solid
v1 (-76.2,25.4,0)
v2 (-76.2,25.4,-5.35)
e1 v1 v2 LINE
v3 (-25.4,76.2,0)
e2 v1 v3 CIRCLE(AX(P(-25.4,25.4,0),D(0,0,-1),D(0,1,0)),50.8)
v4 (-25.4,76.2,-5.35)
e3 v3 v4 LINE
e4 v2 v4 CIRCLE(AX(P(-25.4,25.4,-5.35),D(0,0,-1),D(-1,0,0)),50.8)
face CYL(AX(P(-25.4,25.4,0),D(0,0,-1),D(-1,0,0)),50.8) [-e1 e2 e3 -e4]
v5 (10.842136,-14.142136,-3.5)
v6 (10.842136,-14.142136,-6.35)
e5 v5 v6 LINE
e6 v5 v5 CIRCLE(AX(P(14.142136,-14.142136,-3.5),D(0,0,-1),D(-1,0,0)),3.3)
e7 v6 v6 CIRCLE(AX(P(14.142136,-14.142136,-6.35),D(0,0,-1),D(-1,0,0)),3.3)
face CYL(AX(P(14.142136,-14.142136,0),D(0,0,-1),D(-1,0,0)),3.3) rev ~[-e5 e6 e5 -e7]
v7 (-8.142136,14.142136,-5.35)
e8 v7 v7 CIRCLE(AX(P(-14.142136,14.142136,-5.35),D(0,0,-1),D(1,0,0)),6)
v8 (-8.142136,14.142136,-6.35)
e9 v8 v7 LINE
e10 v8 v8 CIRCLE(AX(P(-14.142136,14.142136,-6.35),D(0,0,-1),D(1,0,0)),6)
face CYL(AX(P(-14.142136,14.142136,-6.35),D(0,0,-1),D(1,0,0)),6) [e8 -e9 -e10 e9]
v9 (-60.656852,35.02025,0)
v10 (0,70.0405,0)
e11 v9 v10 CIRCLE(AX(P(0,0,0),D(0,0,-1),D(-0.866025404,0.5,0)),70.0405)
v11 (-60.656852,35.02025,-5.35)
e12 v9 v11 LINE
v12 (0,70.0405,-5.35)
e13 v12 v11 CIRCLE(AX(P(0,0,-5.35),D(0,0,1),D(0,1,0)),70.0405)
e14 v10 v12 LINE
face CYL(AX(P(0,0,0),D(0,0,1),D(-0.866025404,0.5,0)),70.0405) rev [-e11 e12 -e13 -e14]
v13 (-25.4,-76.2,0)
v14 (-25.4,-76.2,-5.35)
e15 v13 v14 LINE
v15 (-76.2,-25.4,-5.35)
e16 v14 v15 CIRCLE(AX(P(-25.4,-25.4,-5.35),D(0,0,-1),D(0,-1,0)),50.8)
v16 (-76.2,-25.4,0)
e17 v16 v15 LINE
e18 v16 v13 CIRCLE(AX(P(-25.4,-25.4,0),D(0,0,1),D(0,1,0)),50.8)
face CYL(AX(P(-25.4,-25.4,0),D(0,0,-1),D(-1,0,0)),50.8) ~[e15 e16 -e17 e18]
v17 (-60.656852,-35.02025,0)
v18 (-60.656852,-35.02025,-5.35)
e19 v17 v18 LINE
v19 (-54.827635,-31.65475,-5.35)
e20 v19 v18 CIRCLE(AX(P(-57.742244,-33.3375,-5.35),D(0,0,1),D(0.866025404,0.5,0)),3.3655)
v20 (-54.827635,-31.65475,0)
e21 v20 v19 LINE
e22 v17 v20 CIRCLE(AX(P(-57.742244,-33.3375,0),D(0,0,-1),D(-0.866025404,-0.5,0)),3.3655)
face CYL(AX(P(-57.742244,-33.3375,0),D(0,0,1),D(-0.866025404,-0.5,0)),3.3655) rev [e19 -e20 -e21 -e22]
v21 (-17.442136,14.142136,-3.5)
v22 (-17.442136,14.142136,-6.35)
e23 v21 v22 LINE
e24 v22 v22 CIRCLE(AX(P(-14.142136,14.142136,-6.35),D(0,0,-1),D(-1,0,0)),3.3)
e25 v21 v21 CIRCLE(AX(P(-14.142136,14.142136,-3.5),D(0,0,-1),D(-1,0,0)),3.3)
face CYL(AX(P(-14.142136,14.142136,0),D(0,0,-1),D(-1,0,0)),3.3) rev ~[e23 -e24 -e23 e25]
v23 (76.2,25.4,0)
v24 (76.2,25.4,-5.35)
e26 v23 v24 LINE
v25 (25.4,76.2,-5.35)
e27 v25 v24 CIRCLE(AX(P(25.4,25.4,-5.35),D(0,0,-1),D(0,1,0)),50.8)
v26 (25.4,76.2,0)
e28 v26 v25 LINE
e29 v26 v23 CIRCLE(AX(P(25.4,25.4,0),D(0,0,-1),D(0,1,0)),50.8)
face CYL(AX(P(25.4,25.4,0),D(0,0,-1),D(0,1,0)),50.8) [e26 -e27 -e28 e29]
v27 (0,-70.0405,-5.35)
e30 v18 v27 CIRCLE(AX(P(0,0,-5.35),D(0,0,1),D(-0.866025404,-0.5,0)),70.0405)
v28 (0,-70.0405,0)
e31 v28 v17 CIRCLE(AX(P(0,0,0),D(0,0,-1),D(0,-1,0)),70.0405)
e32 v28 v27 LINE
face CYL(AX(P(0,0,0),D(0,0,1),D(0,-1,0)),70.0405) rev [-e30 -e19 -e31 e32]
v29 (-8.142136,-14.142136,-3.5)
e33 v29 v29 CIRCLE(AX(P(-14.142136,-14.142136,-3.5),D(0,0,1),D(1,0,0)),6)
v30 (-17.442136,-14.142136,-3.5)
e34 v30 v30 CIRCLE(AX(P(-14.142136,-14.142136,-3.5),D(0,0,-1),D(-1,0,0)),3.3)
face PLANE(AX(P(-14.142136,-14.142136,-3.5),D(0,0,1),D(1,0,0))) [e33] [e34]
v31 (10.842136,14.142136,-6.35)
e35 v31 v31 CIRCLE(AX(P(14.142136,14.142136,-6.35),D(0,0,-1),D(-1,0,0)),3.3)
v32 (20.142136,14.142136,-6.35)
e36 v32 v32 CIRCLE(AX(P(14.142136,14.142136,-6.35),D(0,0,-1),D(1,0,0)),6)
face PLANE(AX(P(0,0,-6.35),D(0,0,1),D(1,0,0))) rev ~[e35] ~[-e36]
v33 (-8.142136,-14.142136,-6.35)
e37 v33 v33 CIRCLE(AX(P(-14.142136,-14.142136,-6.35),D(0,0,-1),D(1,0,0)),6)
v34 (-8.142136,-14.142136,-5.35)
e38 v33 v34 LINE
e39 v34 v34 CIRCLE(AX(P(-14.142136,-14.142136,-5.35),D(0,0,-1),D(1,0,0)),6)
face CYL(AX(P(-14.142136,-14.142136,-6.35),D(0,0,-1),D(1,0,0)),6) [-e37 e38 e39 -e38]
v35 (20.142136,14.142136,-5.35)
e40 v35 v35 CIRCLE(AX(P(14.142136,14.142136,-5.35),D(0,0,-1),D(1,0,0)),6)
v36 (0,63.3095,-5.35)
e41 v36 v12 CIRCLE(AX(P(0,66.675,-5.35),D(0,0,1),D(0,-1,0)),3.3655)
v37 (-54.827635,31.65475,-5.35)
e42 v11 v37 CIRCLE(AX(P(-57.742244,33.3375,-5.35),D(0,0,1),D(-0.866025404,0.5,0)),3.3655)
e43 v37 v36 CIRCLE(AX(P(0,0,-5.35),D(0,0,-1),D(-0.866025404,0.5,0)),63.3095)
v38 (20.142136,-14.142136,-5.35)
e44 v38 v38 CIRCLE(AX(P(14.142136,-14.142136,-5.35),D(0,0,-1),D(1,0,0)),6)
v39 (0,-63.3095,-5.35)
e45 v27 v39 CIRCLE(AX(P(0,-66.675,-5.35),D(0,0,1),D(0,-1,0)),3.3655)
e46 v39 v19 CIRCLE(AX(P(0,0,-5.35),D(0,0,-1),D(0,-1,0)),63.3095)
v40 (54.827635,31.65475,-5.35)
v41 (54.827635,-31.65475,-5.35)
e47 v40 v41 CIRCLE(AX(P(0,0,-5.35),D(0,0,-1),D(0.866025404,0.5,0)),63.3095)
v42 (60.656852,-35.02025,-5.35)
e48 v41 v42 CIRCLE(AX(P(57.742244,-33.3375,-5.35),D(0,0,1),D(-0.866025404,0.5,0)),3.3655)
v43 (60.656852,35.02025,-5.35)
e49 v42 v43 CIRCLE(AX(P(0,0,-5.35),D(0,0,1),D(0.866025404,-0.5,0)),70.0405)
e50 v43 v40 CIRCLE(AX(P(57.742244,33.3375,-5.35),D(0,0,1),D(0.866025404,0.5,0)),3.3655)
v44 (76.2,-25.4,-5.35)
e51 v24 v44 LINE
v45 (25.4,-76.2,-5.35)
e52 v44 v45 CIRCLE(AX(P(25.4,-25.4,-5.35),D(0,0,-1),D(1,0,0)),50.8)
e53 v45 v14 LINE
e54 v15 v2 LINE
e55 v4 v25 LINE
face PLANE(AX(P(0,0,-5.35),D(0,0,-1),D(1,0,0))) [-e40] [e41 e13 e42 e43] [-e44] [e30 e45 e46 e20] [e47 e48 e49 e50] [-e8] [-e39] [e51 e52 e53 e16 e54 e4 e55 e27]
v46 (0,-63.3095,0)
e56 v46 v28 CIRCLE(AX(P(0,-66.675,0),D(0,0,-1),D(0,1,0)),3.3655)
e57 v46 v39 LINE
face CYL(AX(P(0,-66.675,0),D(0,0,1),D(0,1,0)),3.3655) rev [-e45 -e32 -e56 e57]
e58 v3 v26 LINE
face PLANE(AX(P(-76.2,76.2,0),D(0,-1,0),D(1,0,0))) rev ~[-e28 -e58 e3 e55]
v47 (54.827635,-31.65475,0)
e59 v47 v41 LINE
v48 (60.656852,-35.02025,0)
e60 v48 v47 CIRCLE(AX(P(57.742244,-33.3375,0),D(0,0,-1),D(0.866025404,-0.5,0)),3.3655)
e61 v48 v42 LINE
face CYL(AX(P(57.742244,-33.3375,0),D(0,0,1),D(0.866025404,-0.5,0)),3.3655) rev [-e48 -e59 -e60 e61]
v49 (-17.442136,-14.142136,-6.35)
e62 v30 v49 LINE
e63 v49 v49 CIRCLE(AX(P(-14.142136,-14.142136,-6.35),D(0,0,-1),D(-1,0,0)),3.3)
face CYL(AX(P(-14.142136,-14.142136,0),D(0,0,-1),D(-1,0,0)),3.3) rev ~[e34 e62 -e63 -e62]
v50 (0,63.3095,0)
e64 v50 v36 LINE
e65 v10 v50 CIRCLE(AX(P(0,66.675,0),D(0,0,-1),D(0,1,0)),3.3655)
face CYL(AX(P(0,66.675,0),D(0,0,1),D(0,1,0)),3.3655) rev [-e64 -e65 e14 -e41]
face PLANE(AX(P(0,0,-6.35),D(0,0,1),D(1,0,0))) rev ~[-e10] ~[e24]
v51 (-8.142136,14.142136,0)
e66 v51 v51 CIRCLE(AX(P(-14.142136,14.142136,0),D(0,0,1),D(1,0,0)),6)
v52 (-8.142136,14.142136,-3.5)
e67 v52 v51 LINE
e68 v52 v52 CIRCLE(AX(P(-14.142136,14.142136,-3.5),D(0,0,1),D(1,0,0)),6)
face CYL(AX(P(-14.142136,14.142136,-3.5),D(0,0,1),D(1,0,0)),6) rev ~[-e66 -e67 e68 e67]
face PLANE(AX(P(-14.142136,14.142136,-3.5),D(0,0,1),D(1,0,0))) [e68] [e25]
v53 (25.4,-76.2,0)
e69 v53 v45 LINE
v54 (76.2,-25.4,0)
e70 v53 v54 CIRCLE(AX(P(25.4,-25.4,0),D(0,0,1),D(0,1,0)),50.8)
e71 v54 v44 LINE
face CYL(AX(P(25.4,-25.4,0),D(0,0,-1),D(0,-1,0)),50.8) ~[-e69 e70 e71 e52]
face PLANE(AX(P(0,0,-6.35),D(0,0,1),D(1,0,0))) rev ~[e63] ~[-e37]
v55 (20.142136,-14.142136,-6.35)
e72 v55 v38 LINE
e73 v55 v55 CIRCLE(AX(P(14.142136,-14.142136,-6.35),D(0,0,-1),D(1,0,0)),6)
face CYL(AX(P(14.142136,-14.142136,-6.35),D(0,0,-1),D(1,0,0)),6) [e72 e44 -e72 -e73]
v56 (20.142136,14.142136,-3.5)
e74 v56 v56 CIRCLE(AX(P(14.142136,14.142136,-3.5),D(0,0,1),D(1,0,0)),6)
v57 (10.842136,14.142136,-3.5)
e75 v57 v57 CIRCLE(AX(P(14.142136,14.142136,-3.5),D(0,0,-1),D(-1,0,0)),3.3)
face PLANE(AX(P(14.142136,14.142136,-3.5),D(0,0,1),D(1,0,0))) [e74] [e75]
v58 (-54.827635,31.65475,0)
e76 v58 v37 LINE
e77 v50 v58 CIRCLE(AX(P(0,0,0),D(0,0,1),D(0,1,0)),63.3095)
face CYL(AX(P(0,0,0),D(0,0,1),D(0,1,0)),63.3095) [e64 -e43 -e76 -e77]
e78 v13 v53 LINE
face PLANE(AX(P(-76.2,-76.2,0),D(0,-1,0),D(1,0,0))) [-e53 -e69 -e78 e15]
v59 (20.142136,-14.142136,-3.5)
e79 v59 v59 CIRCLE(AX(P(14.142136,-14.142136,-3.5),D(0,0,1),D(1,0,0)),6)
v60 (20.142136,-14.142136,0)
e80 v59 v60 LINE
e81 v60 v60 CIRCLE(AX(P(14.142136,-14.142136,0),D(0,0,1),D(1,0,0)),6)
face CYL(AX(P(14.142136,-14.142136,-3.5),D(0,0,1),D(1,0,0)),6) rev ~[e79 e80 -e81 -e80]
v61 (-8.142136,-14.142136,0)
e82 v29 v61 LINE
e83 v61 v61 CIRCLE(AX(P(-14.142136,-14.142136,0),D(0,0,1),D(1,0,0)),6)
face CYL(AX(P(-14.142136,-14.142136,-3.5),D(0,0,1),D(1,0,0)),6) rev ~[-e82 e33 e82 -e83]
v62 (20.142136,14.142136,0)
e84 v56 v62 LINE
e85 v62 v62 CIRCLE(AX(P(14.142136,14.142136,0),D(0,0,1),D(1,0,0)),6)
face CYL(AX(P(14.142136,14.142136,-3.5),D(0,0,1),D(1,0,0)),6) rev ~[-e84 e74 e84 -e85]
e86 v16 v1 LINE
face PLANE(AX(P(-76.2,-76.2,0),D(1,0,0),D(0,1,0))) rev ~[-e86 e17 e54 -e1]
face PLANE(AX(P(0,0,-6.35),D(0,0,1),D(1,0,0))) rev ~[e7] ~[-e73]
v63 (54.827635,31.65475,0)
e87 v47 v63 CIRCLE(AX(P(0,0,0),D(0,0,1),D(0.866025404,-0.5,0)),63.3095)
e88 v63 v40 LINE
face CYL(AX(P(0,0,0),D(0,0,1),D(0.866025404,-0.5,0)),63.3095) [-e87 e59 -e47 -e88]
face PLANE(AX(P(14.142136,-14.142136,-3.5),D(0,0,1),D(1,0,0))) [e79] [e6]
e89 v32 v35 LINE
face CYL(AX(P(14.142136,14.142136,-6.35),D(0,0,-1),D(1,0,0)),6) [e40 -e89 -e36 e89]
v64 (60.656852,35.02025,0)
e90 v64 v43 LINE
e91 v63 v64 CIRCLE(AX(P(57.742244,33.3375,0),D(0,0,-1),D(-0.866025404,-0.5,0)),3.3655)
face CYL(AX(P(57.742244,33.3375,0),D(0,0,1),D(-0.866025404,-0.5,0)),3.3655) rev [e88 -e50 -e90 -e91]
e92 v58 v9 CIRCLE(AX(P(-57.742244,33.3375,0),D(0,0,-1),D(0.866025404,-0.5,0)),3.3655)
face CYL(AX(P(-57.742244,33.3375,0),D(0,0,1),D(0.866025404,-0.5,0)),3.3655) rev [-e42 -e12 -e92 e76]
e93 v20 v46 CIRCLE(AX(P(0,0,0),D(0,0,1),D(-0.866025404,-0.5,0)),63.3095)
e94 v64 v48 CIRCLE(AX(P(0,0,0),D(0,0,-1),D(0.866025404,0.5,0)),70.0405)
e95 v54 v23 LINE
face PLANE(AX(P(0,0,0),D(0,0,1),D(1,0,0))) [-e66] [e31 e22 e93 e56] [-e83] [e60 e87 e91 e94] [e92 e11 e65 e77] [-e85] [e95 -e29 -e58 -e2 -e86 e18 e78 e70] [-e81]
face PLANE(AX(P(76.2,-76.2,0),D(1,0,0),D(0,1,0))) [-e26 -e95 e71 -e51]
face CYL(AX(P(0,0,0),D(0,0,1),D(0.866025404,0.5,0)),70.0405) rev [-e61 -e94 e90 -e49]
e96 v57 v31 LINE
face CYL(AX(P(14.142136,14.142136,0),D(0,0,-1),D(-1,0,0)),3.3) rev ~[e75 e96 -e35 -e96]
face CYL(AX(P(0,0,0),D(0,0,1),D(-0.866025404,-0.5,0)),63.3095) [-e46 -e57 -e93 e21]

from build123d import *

# Parameters (mm, degrees)
F0_W           = 152.4
F0_H           = 152.4
F0_W_2         = 28.2842712475
F0_H_2         = 28.2842712475
F1_DEPTH       = 6.35
F2_D           = 6.6
F2_CBORE_D     = 12
F2_CBORE_DEPTH = 3.5
F3_R           = 50.8
F4_R           = 6
F5_DEPTH       = 1


with BuildPart() as f1:
    # F0 (on Top) → F1 (new body)
    with BuildSketch(Plane.XY):
        Rectangle(F0_W, F0_H)
        with BuildLine():
            ThreePointArc((0, -63.3095), (3.3655, -66.675), (0, -70.0405))
            ThreePointArc((0, -70.0405), (-35.02025, -60.6568522938), (-60.6568522938, -35.02025))
            ThreePointArc((-60.6568522938, -35.02025), (-59.4249937973, -30.4228915036), (-54.8276353009, -31.65475))
            ThreePointArc((-54.8276353009, -31.65475), (-31.65475, -54.8276353009), (0, -63.3095))
        make_face(mode=Mode.SUBTRACT)
        with BuildLine():
            ThreePointArc((-54.8276353009, 31.65475), (-59.4249937973, 30.4228915036), (-60.6568522938, 35.02025))
            ThreePointArc((-60.6568522938, 35.02025), (-35.02025, 60.6568522938), (0, 70.0405))
            ThreePointArc((0, 70.0405), (3.3655, 66.675), (0, 63.3095))
            ThreePointArc((0, 63.3095), (-31.65475, 54.8276353009), (-54.8276353009, 31.65475))
        make_face(mode=Mode.SUBTRACT)
        Rectangle(F0_W_2, F0_H_2, mode=Mode.SUBTRACT)
        with BuildLine():
            ThreePointArc((54.8276353009, 31.65475), (56.0594937973, 36.2521084964), (60.6568522938, 35.02025))
            ThreePointArc((60.6568522938, 35.02025), (70.0405, 0), (60.6568522938, -35.02025))
            ThreePointArc((60.6568522938, -35.02025), (56.0594937973, -36.2521084964), (54.8276353009, -31.65475))
            ThreePointArc((54.8276353009, -31.65475), (63.3095, 0), (54.8276353009, 31.65475))
        make_face(mode=Mode.SUBTRACT)
        Rectangle(F0_W_2, F0_H_2)
    extrude(amount=-F1_DEPTH)

    # F2 (through all)
    with Locations(Plane.XY):
        with Locations((14.1421356237, 14.1421356237), (14.1421356237, -14.1421356237), (-14.1421356237, -14.1421356237), (-14.1421356237, 14.1421356237)):
            CounterBoreHole(F2_D / 2, F2_CBORE_D / 2, F2_CBORE_DEPTH)

    # F3
    f3_edges = [f1.edges().sort_by_distance(p)[0] for p in [
        (76.2, -76.2, -3.175),
        (-76.2, -76.2, -3.175),
        (76.2, 76.2, -3.175),
        (-76.2, 76.2, -3.175),
    ]]
    fillet(f3_edges, radius=F3_R)

    # F4 (on face) → F5 (cut)
    with BuildSketch(Plane(origin=(0, 0, -6.35), x_dir=(1, 0, 0), z_dir=(0, 0, -1))):
        with BuildLine():
            ThreePointArc((-76.2, -25.4), (-61.3210244843, -61.3210244843), (-25.4, -76.2))
            Line((-25.4, -76.2), (25.4, -76.2))
            ThreePointArc((25.4, -76.2), (61.3210244843, -61.3210244843), (76.2, -25.4))
            Line((76.2, -25.4), (76.2, 25.4))
            ThreePointArc((76.2, 25.4), (61.3210244843, 61.3210244843), (25.4, 76.2))
            Line((25.4, 76.2), (-25.4, 76.2))
            ThreePointArc((-25.4, 76.2), (-61.3210244843, 61.3210244843), (-76.2, 25.4))
            Line((-76.2, 25.4), (-76.2, -25.4))
        make_face()
        with BuildLine():
            ThreePointArc((-54.8276353009, -31.65475), (-31.65475, -54.8276353009), (0, -63.3095))
            ThreePointArc((0, -63.3095), (3.3655, -66.675), (0, -70.0405))
            ThreePointArc((0, -70.0405), (-35.02025, -60.6568522938), (-60.6568522938, -35.02025))
            ThreePointArc((-60.6568522938, -35.02025), (-59.4249937973, -30.4228915036), (-54.8276353009, -31.65475))
        make_face(mode=Mode.SUBTRACT)
        with Locations((-14.1421356237, -14.1421356237)):
            Circle(F4_R, mode=Mode.SUBTRACT)
        with Locations((14.1421356237, -14.1421356237)):
            Circle(F4_R, mode=Mode.SUBTRACT)
        with BuildLine():
            ThreePointArc((60.6568522938, -35.02025), (56.0594937973, -36.2521084964), (54.8276353009, -31.65475))
            ThreePointArc((54.8276353009, -31.65475), (63.3095, 0), (54.8276353009, 31.65475))
            ThreePointArc((54.8276353009, 31.65475), (56.0594937973, 36.2521084964), (60.6568522938, 35.02025))
            ThreePointArc((60.6568522938, 35.02025), (70.0405, 0), (60.6568522938, -35.02025))
        make_face(mode=Mode.SUBTRACT)
        with Locations((-14.1421356237, 14.1421356237)):
            Circle(F4_R, mode=Mode.SUBTRACT)
        with BuildLine():
            ThreePointArc((-54.8276353009, 31.65475), (-59.4249937973, 30.4228915036), (-60.6568522938, 35.02025))
            ThreePointArc((-60.6568522938, 35.02025), (-35.02025, 60.6568522938), (0, 70.0405))
            ThreePointArc((0, 70.0405), (3.3655, 66.675), (0, 63.3095))
            ThreePointArc((0, 63.3095), (-31.65475, 54.8276353009), (-54.8276353009, 31.65475))
        make_face(mode=Mode.SUBTRACT)
        with Locations((14.1421356237, 14.1421356237)):
            Circle(F4_R, mode=Mode.SUBTRACT)
    extrude(amount=-F5_DEPTH, mode=Mode.SUBTRACT)


solid = f1.part
